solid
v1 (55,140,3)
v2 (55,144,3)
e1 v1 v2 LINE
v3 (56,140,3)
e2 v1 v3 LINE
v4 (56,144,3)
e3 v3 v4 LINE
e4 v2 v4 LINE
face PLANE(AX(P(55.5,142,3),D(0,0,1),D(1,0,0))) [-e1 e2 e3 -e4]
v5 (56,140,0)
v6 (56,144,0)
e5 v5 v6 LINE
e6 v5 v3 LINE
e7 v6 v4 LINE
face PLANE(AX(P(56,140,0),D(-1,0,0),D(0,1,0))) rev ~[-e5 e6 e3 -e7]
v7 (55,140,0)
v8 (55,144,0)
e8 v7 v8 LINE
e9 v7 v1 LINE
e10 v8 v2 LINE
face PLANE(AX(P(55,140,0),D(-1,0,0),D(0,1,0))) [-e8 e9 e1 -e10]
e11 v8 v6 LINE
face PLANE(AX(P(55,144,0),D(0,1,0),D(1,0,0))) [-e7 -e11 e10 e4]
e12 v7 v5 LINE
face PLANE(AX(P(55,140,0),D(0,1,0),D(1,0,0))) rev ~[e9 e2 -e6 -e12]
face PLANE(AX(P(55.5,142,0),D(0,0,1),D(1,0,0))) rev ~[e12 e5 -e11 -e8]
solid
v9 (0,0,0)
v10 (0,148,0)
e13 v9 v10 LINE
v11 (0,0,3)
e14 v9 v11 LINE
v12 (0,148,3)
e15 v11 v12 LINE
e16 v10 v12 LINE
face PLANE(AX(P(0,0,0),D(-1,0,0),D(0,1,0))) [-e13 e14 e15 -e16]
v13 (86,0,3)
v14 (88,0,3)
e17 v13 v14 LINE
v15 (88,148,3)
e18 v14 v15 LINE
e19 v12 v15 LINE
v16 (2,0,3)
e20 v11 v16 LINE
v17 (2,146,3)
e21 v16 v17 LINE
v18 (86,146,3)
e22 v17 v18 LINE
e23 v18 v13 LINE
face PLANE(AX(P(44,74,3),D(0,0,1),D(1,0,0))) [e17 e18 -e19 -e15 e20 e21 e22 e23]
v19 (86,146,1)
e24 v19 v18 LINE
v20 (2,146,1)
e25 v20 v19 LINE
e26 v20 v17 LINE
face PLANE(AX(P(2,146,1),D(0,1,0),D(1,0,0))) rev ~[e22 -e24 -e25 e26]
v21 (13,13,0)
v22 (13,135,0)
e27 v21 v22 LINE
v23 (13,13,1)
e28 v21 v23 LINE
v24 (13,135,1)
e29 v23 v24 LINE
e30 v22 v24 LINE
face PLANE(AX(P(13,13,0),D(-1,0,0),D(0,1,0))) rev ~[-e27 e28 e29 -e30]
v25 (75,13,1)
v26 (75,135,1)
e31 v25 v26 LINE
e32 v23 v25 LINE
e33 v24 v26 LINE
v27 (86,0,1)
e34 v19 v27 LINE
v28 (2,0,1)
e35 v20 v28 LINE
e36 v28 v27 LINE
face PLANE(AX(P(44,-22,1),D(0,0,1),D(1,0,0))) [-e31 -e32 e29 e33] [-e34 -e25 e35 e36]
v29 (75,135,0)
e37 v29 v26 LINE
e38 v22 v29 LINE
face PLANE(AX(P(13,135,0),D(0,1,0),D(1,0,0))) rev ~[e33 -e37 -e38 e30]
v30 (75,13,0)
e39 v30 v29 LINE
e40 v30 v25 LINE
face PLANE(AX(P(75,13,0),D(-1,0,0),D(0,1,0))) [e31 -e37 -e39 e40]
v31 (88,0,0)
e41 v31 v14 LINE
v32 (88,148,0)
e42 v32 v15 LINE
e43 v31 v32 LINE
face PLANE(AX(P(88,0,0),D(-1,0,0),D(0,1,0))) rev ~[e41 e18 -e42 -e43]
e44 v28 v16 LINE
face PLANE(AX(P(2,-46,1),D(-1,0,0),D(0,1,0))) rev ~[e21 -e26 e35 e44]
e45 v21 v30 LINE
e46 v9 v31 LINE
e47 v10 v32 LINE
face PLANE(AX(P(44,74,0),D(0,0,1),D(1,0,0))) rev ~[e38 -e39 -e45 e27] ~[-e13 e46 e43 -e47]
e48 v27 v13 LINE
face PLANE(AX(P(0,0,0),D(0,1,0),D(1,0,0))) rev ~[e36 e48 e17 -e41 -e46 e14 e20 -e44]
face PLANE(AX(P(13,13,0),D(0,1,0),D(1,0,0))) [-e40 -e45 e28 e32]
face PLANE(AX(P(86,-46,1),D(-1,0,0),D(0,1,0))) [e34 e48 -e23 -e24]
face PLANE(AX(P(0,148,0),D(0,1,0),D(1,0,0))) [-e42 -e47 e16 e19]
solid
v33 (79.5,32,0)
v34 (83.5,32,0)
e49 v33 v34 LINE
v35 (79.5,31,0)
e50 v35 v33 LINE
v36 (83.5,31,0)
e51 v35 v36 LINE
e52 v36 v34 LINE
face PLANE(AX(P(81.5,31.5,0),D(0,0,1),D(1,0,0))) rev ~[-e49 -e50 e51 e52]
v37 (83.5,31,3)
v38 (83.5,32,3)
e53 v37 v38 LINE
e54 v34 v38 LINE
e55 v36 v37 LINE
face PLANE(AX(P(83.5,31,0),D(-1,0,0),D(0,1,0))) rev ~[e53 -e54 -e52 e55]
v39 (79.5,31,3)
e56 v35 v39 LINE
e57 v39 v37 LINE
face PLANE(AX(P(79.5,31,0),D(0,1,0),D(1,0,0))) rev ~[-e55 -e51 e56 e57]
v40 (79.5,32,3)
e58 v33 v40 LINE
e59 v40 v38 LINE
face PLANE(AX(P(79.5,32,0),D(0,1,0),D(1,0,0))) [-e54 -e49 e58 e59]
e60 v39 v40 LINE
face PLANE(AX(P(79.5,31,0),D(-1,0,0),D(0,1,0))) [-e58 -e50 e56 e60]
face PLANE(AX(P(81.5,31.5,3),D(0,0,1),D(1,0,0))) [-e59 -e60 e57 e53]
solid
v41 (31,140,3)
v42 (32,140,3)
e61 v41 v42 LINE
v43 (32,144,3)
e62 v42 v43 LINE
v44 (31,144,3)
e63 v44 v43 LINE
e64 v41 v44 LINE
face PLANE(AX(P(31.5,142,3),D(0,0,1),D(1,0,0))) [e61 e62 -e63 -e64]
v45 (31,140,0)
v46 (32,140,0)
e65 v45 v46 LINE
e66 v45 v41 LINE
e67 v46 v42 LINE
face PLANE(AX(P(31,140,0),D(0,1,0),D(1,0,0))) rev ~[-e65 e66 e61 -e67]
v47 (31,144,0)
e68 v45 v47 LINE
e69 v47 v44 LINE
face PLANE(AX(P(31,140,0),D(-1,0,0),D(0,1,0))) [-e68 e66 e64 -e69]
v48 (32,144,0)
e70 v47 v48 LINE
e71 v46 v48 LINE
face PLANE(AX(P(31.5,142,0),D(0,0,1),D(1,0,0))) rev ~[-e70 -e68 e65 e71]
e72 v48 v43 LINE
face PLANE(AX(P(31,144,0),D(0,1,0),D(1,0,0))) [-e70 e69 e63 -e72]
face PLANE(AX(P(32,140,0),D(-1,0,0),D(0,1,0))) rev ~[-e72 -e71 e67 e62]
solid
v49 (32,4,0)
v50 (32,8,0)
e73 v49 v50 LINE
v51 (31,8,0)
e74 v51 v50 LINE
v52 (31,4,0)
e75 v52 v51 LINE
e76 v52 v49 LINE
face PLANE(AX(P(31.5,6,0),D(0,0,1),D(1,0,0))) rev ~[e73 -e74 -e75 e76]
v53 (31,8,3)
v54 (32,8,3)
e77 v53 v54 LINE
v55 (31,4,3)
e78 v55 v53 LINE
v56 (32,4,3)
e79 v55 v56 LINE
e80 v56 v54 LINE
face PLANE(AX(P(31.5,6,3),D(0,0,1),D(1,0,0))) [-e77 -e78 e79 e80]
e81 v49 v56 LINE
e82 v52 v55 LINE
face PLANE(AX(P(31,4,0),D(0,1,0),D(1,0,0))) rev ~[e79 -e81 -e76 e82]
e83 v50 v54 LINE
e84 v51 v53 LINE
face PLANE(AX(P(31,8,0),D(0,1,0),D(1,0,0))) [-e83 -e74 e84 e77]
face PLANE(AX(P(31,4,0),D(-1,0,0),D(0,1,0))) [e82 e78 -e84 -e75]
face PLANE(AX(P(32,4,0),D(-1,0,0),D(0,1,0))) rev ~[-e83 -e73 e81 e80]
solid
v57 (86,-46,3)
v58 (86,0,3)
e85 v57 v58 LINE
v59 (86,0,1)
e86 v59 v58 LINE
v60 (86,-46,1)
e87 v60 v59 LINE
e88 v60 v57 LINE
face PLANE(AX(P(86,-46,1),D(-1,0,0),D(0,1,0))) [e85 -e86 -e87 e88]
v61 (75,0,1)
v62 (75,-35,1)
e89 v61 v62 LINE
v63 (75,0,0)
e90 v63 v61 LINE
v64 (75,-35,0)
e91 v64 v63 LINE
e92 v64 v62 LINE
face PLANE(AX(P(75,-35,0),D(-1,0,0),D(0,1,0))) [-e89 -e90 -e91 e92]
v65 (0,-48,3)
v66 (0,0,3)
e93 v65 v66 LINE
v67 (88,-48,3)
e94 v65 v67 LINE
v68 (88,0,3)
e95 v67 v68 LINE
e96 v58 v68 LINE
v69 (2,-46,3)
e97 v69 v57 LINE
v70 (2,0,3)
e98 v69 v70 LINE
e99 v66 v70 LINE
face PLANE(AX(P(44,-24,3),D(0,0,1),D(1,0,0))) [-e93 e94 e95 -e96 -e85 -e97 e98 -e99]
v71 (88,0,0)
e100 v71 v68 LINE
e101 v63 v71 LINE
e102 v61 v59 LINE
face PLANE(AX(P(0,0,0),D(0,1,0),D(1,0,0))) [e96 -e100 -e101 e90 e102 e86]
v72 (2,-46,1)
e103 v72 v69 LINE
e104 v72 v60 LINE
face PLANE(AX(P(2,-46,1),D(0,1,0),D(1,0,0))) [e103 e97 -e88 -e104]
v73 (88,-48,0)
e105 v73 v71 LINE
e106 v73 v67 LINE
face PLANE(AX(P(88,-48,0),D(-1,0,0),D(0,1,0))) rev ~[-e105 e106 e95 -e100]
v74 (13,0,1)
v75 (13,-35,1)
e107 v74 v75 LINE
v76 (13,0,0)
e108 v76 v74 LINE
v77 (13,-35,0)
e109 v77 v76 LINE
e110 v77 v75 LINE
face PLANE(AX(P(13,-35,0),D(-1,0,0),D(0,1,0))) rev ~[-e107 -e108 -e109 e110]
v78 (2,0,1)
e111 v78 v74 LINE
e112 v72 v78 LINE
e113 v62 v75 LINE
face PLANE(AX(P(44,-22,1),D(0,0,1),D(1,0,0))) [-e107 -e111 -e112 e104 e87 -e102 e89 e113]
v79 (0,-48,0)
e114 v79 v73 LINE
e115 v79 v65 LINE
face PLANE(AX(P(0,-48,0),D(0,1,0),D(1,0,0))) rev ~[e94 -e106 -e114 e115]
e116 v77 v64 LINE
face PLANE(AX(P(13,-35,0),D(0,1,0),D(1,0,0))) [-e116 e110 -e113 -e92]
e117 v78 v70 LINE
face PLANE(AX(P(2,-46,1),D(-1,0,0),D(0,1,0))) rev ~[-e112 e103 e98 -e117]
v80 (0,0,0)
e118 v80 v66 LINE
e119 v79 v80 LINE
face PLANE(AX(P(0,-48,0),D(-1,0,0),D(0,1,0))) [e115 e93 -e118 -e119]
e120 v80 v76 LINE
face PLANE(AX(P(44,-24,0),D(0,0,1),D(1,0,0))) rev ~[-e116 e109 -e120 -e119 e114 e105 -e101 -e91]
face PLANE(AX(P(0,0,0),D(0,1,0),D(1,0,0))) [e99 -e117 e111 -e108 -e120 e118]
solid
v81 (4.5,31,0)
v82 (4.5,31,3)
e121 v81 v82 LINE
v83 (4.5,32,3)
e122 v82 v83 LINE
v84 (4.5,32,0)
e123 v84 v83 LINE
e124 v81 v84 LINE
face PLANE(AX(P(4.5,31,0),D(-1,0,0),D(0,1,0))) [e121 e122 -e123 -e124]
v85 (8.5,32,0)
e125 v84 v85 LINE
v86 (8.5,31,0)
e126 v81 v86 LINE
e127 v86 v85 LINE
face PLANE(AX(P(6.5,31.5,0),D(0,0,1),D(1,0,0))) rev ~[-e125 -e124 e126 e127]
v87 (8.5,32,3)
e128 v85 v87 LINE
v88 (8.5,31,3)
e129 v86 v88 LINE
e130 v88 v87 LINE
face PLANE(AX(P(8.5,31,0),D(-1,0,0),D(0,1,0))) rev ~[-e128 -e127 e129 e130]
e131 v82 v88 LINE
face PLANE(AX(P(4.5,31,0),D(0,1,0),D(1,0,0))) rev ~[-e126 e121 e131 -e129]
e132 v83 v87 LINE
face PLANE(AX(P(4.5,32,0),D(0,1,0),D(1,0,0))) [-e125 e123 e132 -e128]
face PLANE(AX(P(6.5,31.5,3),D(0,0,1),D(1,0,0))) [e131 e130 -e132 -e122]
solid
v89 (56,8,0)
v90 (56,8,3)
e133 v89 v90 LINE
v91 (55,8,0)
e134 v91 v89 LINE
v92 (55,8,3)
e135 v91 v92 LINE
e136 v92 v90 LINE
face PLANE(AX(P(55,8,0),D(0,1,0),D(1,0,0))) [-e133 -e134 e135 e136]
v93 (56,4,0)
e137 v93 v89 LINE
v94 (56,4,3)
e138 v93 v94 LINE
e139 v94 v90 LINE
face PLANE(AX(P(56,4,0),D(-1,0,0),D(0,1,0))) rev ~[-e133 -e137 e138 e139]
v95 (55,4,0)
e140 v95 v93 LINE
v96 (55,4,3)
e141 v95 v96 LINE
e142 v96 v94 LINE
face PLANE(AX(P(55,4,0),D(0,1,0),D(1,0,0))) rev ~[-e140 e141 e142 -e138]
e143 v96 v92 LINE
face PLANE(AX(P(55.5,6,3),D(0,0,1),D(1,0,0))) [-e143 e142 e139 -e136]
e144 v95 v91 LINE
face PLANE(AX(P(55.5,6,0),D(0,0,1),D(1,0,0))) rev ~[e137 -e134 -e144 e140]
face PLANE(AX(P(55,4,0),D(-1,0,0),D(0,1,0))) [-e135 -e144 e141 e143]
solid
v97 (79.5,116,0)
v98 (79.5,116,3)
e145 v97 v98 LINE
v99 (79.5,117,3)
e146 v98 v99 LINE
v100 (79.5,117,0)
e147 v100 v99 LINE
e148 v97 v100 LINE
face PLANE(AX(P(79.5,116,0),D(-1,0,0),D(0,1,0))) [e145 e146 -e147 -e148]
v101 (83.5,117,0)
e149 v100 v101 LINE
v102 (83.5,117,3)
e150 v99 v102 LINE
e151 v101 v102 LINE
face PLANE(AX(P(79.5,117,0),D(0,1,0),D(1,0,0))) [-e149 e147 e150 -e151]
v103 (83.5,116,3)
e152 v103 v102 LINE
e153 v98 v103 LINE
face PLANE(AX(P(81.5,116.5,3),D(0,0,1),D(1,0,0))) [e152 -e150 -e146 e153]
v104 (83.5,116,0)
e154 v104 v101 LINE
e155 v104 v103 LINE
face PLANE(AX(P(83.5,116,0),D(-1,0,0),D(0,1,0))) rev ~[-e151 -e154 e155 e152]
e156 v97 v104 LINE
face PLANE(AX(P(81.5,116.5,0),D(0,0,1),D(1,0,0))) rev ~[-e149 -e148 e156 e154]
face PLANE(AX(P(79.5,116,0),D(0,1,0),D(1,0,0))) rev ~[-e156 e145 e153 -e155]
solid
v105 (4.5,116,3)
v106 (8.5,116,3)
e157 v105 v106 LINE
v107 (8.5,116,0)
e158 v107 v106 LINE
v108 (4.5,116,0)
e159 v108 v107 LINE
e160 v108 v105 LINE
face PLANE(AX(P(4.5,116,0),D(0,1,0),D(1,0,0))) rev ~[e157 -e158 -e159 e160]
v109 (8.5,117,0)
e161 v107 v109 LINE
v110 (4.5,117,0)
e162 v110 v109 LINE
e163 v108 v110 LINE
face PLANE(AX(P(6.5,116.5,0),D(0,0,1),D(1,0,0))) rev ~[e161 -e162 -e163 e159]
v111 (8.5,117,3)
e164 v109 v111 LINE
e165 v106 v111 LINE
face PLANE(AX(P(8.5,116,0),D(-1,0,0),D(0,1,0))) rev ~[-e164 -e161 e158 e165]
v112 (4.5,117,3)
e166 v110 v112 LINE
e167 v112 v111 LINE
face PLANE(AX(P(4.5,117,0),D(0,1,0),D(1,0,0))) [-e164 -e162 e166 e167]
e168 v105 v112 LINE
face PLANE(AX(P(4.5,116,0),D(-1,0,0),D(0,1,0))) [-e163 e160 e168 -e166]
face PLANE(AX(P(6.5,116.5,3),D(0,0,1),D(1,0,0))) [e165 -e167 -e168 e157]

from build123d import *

# Parameters (mm, degrees)
BOX003_W     = 4
BOX003_H     = 1
BOX003_DEPTH = 3
BOX004_W     = 4
BOX004_H     = 1
BOX004_DEPTH = 3
BOX005_W     = 4
BOX005_H     = 1
BOX005_DEPTH = 3
BOX006_W     = 4
BOX006_H     = 1
BOX006_DEPTH = 3
BOX007_W     = 1
BOX007_H     = 4
BOX007_DEPTH = 3
BOX008_W     = 1
BOX008_H     = 4
BOX008_DEPTH = 3
BOX009_W     = 1
BOX009_H     = 4
BOX009_DEPTH = 3
BOX010_W     = 1
BOX010_H     = 4
BOX010_DEPTH = 3
BOX012_W     = 84
BOX012_H     = 48
BOX012_DEPTH = 2
BOX002_W     = 84
BOX002_H     = 144
BOX002_DEPTH = 2
BOX001_W     = 62
BOX001_H     = 122
BOX001_DEPTH = 3
BOX_W        = 88
BOX_H        = 148
BOX_DEPTH    = 3
BOX013_W     = 62
BOX013_H     = 35
BOX013_DEPTH = 3
BOX011_W     = 88
BOX011_H     = 48
BOX011_DEPTH = 3


with BuildPart() as cube003:
    # Box003 → Box003 (new body)
    with BuildSketch(Plane(origin=(4.5, 31, 0), x_dir=(1, 0, 0), z_dir=(0, 0, 1))):
        with Locations((2, 0.5)):
            Rectangle(BOX003_W, BOX003_H)
    extrude(amount=BOX003_DEPTH)


with BuildPart() as cube004:
    # Box004 → Box004 (new body)
    with BuildSketch(Plane(origin=(79.5, 31, 0), x_dir=(1, 0, 0), z_dir=(0, 0, 1))):
        with Locations((2, 0.5)):
            Rectangle(BOX004_W, BOX004_H)
    extrude(amount=BOX004_DEPTH)


with BuildPart() as cube005:
    # Box005 → Box005 (new body)
    with BuildSketch(Plane(origin=(4.5, 116, 0), x_dir=(1, 0, 0), z_dir=(0, 0, 1))):
        with Locations((2, 0.5)):
            Rectangle(BOX005_W, BOX005_H)
    extrude(amount=BOX005_DEPTH)


with BuildPart() as cube006:
    # Box006 → Box006 (new body)
    with BuildSketch(Plane(origin=(79.5, 116, 0), x_dir=(1, 0, 0), z_dir=(0, 0, 1))):
        with Locations((2, 0.5)):
            Rectangle(BOX006_W, BOX006_H)
    extrude(amount=BOX006_DEPTH)


with BuildPart() as cube007:
    # Box007 → Box007 (new body)
    with BuildSketch(Plane(origin=(31, 4, 0), x_dir=(1, 0, 0), z_dir=(0, 0, 1))):
        with Locations((0.5, 2)):
            Rectangle(BOX007_W, BOX007_H)
    extrude(amount=BOX007_DEPTH)


with BuildPart() as cube008:
    # Box008 → Box008 (new body)
    with BuildSketch(Plane(origin=(55, 4, 0), x_dir=(1, 0, 0), z_dir=(0, 0, 1))):
        with Locations((0.5, 2)):
            Rectangle(BOX008_W, BOX008_H)
    extrude(amount=BOX008_DEPTH)


with BuildPart() as cube009:
    # Box009 → Box009 (new body)
    with BuildSketch(Plane(origin=(31, 140, 0), x_dir=(1, 0, 0), z_dir=(0, 0, 1))):
        with Locations((0.5, 2)):
            Rectangle(BOX009_W, BOX009_H)
    extrude(amount=BOX009_DEPTH)


with BuildPart() as cube010:
    # Box010 → Box010 (new body)
    with BuildSketch(Plane(origin=(55, 140, 0), x_dir=(1, 0, 0), z_dir=(0, 0, 1))):
        with Locations((0.5, 2)):
            Rectangle(BOX010_W, BOX010_H)
    extrude(amount=BOX010_DEPTH)


with BuildPart() as cube012:
    # Box012 → Box012 (new body)
    with BuildSketch(Plane(origin=(2, -46, 1), x_dir=(1, 0, 0), z_dir=(0, 0, 1))):
        with Locations((42, 24)):
            Rectangle(BOX012_W, BOX012_H)
    extrude(amount=BOX012_DEPTH)


with BuildPart() as cube002:
    # Box002 → Box002 (new body)
    with BuildSketch(Plane(origin=(2, 2, 1), x_dir=(1, 0, 0), z_dir=(0, 0, 1))):
        with Locations((42, 72)):
            Rectangle(BOX002_W, BOX002_H)
    extrude(amount=BOX002_DEPTH)


with BuildPart() as cube001:
    # Box001 → Box001 (new body)
    with BuildSketch(Plane(origin=(13, 13, 0), x_dir=(1, 0, 0), z_dir=(0, 0, 1))):
        with Locations((31, 61)):
            Rectangle(BOX001_W, BOX001_H)
    extrude(amount=BOX001_DEPTH)


with BuildPart() as cut003:
    # Box → Box (new body)
    with BuildSketch(Plane.XY):
        with Locations((44, 74)):
            Rectangle(BOX_W, BOX_H)
    extrude(amount=BOX_DEPTH)

    # Cut: cut Cube001
    add(cube001.part, mode=Mode.SUBTRACT)

    # Cut001: cut Cube002
    add(cube002.part, mode=Mode.SUBTRACT)

    # Cut003: cut Cube012
    add(cube012.part, mode=Mode.SUBTRACT)


with BuildPart() as cube013:
    # Box013 → Box013 (new body)
    with BuildSketch(Plane(origin=(13, -35, 0), x_dir=(1, 0, 0), z_dir=(0, 0, 1))):
        with Locations((31, 17.5)):
            Rectangle(BOX013_W, BOX013_H)
    extrude(amount=BOX013_DEPTH)


with BuildPart() as cut004:
    # Box011 → Box011 (new body)
    with BuildSketch(Plane(origin=(0, -48, 0), x_dir=(1, 0, 0), z_dir=(0, 0, 1))):
        with Locations((44, 24)):
            Rectangle(BOX011_W, BOX011_H)
    extrude(amount=BOX011_DEPTH)

    # Cut002: cut Cube012
    add(cube012.part, mode=Mode.SUBTRACT)

    # Cut004: cut Cube013
    add(cube013.part, mode=Mode.SUBTRACT)


solid = Compound([cube003.part, cube004.part, cube005.part, cube006.part, cube007.part, cube008.part, cube009.part, cube010.part, cut003.part, cut004.part])
